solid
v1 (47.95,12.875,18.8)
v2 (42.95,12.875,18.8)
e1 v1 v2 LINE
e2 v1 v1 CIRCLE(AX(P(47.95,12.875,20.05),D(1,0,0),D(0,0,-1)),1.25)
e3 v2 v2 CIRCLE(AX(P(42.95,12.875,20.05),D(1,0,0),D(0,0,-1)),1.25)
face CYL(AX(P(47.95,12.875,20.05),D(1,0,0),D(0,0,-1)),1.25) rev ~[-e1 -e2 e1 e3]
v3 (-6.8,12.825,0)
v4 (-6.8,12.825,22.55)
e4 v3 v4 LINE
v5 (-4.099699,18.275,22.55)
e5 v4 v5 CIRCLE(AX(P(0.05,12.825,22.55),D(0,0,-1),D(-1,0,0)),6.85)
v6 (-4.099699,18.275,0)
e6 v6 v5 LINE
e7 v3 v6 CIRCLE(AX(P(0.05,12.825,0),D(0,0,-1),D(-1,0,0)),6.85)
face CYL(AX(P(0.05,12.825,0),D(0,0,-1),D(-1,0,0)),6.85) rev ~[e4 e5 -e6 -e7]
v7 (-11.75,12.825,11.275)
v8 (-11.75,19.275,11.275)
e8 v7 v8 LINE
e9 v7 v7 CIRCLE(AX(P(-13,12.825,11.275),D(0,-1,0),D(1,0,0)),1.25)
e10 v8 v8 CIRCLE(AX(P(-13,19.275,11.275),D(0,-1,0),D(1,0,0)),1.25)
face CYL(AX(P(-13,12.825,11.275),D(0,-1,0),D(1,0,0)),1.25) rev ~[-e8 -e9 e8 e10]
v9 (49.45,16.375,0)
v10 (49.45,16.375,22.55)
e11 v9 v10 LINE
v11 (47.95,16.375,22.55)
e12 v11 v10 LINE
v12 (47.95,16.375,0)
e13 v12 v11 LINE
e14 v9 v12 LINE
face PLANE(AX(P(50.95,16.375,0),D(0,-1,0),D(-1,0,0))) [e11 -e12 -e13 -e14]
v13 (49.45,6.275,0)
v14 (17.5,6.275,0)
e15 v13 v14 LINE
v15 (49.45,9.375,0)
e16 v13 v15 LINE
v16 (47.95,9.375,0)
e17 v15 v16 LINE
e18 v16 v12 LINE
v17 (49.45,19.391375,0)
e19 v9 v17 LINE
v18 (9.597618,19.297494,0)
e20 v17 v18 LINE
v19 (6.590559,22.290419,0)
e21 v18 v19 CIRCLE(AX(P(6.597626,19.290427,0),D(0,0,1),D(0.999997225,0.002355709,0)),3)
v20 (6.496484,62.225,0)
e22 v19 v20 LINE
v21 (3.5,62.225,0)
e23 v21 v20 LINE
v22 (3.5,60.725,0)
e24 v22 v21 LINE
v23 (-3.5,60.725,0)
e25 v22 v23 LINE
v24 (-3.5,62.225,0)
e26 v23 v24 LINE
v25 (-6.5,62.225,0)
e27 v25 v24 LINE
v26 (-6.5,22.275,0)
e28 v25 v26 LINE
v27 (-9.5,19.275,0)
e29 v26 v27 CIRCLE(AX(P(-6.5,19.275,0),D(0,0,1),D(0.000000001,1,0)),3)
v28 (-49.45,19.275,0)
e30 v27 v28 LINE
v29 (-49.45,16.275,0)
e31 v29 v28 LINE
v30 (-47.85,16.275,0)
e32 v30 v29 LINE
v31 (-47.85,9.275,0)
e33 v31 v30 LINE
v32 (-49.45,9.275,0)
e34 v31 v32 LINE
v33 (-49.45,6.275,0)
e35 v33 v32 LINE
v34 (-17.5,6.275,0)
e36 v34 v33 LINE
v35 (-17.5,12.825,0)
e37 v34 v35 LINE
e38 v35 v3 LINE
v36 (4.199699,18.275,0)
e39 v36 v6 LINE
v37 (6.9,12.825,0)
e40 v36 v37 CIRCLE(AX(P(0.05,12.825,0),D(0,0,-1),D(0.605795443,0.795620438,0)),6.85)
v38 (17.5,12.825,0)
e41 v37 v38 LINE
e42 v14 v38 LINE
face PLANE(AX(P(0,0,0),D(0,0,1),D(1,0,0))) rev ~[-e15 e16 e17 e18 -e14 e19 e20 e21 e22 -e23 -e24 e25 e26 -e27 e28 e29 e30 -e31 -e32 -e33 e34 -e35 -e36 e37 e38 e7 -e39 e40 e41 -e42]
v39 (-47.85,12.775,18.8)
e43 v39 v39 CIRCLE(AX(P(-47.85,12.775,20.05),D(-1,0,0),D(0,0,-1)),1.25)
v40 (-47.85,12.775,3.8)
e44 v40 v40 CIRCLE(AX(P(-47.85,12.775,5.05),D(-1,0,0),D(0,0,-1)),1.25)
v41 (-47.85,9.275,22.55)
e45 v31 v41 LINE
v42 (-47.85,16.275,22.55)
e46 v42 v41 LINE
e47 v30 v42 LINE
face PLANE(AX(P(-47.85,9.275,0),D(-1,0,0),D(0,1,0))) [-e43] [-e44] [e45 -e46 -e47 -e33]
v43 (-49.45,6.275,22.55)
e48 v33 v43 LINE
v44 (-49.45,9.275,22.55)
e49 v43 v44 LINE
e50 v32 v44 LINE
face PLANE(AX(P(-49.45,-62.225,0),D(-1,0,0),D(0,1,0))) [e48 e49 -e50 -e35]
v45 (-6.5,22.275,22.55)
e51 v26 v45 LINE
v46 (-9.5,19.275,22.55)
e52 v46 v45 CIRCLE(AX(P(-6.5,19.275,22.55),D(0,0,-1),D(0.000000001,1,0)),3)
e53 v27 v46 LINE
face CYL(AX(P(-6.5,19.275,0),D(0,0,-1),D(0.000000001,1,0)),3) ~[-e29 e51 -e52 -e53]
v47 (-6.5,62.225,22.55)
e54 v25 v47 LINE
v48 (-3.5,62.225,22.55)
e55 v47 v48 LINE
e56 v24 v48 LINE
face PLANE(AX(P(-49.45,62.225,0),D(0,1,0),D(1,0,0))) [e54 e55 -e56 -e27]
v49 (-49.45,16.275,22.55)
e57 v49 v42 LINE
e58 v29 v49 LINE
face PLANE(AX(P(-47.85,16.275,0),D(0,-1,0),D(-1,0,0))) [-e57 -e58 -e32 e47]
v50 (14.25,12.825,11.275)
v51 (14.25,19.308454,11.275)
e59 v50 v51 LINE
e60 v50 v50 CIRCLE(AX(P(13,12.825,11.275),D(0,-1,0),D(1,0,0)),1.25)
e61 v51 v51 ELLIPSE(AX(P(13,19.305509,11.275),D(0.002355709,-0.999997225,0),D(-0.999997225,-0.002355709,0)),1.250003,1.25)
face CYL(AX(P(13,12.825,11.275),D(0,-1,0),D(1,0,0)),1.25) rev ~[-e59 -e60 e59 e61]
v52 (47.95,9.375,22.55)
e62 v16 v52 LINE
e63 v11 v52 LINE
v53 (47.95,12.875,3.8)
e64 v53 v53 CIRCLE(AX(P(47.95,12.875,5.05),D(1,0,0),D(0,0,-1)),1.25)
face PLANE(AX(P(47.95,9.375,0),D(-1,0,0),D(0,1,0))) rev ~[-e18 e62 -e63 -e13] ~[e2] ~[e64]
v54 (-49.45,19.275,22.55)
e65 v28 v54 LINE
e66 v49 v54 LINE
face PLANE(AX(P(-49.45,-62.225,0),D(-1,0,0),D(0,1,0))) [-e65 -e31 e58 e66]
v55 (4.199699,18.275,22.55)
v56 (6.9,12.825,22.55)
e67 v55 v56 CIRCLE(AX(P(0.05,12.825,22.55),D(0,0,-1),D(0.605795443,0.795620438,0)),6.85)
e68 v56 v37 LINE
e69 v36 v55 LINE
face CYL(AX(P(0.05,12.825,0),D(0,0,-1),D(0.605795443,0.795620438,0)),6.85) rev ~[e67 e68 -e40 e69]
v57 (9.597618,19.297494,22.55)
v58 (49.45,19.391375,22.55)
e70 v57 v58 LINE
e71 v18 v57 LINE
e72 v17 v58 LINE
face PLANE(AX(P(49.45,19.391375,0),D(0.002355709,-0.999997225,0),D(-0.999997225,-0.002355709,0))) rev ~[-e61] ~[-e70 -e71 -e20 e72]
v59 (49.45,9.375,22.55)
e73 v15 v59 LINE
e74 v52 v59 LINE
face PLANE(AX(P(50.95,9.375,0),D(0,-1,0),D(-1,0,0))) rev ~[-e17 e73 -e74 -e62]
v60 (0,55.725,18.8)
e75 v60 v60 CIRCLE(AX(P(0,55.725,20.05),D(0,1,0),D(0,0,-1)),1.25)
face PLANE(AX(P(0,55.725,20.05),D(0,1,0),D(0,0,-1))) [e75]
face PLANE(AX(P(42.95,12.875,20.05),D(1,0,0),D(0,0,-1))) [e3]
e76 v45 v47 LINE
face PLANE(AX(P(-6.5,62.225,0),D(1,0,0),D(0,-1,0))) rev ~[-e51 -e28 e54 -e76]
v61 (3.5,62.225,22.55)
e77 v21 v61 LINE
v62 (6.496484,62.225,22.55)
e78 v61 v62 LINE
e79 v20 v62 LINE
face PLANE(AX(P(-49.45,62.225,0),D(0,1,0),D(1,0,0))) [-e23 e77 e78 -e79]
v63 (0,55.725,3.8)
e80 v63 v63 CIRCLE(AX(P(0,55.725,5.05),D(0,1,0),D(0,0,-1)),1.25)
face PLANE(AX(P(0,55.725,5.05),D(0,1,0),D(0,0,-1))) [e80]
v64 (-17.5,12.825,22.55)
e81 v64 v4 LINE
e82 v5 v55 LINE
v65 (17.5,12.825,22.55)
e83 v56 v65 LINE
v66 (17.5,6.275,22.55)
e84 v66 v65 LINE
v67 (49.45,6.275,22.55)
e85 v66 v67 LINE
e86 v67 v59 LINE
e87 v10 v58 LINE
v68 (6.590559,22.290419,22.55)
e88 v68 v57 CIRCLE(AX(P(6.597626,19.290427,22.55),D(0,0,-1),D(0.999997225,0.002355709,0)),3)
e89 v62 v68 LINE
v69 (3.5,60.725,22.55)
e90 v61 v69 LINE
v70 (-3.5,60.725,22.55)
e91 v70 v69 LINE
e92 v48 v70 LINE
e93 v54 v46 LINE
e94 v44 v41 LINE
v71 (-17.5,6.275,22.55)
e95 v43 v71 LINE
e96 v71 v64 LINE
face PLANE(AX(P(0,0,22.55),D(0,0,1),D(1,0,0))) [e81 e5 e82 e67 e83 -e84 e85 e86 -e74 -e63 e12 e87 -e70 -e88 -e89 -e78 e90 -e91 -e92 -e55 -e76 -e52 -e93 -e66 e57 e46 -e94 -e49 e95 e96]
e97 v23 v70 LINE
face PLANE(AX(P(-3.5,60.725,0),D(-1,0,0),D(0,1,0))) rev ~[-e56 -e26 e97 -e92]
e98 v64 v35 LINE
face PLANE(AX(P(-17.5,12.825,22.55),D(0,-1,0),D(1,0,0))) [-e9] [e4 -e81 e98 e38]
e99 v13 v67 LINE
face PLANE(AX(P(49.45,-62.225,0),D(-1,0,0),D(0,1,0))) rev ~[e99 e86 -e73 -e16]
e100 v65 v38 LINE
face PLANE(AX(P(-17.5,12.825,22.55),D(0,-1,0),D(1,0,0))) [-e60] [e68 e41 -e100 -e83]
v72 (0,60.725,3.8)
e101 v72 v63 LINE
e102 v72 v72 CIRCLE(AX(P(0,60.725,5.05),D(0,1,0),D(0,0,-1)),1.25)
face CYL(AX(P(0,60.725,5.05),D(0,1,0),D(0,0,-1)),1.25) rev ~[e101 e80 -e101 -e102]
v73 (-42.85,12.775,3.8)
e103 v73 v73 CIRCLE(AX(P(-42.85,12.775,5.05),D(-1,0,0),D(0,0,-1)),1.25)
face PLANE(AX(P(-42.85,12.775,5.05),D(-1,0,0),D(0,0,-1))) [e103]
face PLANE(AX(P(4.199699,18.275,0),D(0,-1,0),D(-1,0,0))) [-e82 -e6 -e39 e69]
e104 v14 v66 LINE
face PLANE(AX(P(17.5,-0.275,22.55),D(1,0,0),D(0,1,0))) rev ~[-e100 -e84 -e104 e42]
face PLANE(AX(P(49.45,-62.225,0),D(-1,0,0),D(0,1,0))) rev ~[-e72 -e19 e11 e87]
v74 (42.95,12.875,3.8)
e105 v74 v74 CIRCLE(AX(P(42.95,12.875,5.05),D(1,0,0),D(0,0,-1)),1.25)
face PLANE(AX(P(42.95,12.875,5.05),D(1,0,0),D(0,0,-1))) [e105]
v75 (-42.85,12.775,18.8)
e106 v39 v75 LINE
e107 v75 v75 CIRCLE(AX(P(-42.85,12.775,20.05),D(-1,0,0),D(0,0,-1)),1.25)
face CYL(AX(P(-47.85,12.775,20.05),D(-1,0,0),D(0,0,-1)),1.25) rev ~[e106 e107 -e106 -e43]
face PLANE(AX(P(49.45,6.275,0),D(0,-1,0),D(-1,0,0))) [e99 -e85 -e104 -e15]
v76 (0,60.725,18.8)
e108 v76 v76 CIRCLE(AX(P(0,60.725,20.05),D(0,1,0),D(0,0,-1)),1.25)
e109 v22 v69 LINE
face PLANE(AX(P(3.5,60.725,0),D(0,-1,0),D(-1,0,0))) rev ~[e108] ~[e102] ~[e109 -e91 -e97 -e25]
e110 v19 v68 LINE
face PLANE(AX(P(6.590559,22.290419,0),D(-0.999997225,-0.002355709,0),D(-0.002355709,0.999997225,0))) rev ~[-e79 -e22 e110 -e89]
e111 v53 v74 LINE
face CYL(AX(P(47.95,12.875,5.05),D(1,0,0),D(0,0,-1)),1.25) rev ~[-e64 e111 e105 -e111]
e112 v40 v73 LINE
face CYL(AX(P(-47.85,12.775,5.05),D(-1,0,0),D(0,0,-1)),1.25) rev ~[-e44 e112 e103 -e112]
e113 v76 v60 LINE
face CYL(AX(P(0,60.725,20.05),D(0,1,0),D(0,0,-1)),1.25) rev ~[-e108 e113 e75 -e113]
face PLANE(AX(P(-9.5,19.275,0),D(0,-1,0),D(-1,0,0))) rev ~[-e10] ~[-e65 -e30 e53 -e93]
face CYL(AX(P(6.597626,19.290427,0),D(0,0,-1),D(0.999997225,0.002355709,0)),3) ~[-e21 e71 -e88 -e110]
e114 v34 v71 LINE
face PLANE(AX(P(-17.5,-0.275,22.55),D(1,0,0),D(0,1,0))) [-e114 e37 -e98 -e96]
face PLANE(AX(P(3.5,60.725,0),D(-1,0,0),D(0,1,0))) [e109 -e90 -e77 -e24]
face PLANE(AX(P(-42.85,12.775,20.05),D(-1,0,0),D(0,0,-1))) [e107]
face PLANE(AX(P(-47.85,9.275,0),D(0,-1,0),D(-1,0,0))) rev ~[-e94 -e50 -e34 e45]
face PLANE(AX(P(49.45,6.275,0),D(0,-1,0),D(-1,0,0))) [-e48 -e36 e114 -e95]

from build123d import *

# Parameters (mm, degrees)
SKETCH1_W          = 98.9
SKETCH1_H          = 124.45
BODY_DEPTH         = 22.55
SKETCH4_W          = 7
SKETCH4_H          = 3
SKETCH4_W_2        = 3
SKETCH4_H_2        = 7
CUT_EXTRUDE1_DEPTH = 63
SKETCH5_W          = 8.299397568
SKETCH5_H          = 10.9
CUT_EXTRUDE2_DEPTH = 63
SKETCH6_W          = 98.9
SKETCH6_H          = 68.5
CUT_EXTRUDE3_DEPTH = 63
SKETCH7_W          = 22.55
SKETCH7_H          = 1.441759006
CUT_EXTRUDE4_DEPTH = 63
SKETCH8_W          = 35
SKETCH8_H          = 13.1
CUT_EXTRUDE5_DEPTH = 23.55
SKETCH9_R          = 1.25
CUT_EXTRUDE6_DEPTH = 10
SKETCH10_R         = 1.25
CUT_EXTRUDE7_DEPTH = 5
CIRPATTERN1_COUNT  = 4


with BuildPart() as part:
    # Sketch1 → body (new body)
    with BuildSketch(Plane.XY):
        Rectangle(SKETCH1_W, SKETCH1_H)
    extrude(amount=BODY_DEPTH)

    # Sketch4 → Cut-Extrude1 (cut)
    with BuildSketch(Plane(origin=(0, 0, 0), x_dir=(-1, 0, 0), z_dir=(0, 0, -1))):
        with Locations((0, 62.225)):
            Rectangle(SKETCH4_W, SKETCH4_H)
        with Locations((49.35, 12.775)):
            Rectangle(SKETCH4_W_2, SKETCH4_H_2)
        with Locations((-49.45, 12.875)):
            Rectangle(SKETCH4_W_2, SKETCH4_H_2)
    extrude(amount=-CUT_EXTRUDE1_DEPTH, mode=Mode.SUBTRACT)

    # Sketch5 → Cut-Extrude2 (cut)
    with BuildSketch(Plane(origin=(0, 0, 0), x_dir=(-1, 0, 0), z_dir=(0, 0, -1))):
        with Locations((-0.05, 12.825)):
            Rectangle(SKETCH5_W, SKETCH5_H)
        with BuildLine():
            Line((4.099698784, 18.275), (4.099698784, 7.375))
            ThreePointArc((4.099698784, 7.375), (6.087912376, 9.783860137), (6.8, 12.825))
            ThreePointArc((6.8, 12.825), (6.087912376, 15.866139863), (4.099698784, 18.275))
        make_face()
        with BuildLine():
            ThreePointArc((-4.199698784, 18.275), (-6.9, 12.825), (-4.199698784, 7.375))
            Line((-4.199698784, 7.375), (-4.199698784, 18.275))
        make_face()
    extrude(amount=-CUT_EXTRUDE2_DEPTH, mode=Mode.SUBTRACT)

    # Sketch6 → Cut-Extrude3 (cut)
    with BuildSketch(Plane(origin=(0, 0, 0), x_dir=(-1, 0, 0), z_dir=(0, 0, -1))):
        with BuildLine():
            Line((49.45, 19.275), (49.45, 62.225))
            Line((49.45, 62.225), (6.5, 62.225))
            Line((6.5, 62.225), (6.5, 22.275))
            ThreePointArc((6.5, 22.275), (8.621320344, 21.396320344), (9.5, 19.275))
            Line((9.5, 19.275), (49.45, 19.275))
        make_face()
        with BuildLine():
            Line((-49.45, 60.783244994), (-49.45, 19.391375139))
            Line((-49.45, 19.391375139), (-9.597617792, 19.297494249))
            ThreePointArc((-9.597617792, 19.297494249), (-8.71394336, 21.416738793), (-6.590558988, 22.290418797))
            Line((-6.590558988, 22.290418797), (-6.496484462, 62.225))
            Line((-6.496484462, 62.225), (-49.446603635, 62.225))
            Line((-49.446603635, 62.225), (-49.45, 60.783244994))
        make_face()
        with Locations((0, -27.975)):
            Rectangle(SKETCH6_W, SKETCH6_H)
    extrude(amount=-CUT_EXTRUDE3_DEPTH, mode=Mode.SUBTRACT)

    # Sketch7 → Cut-Extrude4 (cut)
    with BuildSketch(Plane(origin=(49.592912844, 0.116826812, 0), x_dir=(0, 0, 1), z_dir=(-0.999997225, -0.002355709, 0))):
        with Locations((11.275, 61.387466016)):
            Rectangle(SKETCH7_W, SKETCH7_H)
    extrude(amount=-CUT_EXTRUDE4_DEPTH, mode=Mode.SUBTRACT)

    # Sketch8 → Cut-Extrude5 (cut, through all)
    with BuildSketch(Plane.XY.offset(22.55)):
        with Locations((0, 6.275)):
            Rectangle(SKETCH8_W, SKETCH8_H)
    extrude(amount=-CUT_EXTRUDE5_DEPTH, mode=Mode.SUBTRACT)

    # Sketch9 → Cut-Extrude6 (cut)
    with BuildSketch(Plane.XZ.offset(-12.825)):
        with Locations((13, 11.275)):
            Circle(SKETCH9_R)
        with Locations((-13, 11.275)):
            Circle(SKETCH9_R)
    extrude(amount=-CUT_EXTRUDE6_DEPTH, mode=Mode.SUBTRACT)

    # Sketch10 → Cut-Extrude7 (cut)
    with BuildSketch(Plane(origin=(47.95, 0, 0), x_dir=(0, 0, -1), z_dir=(1, 0, 0))):
        with Locations((-20.05, 12.875)):
            Circle(SKETCH10_R)
        with Locations((-5.05, 12.875)):
            Circle(SKETCH10_R)
    cut_extrude7 = extrude(amount=-CUT_EXTRUDE7_DEPTH, mode=Mode.SUBTRACT)

    # CirPattern1: Cut-Extrude7 ×4 about axis
    cirpattern1_axis = Axis((0.05, 12.825, 0), (0, 0, 1))
    for i in range(1, CIRPATTERN1_COUNT):
        add(cut_extrude7.rotate(cirpattern1_axis, i * 360 / CIRPATTERN1_COUNT), mode=Mode.SUBTRACT)


solid = part.part
